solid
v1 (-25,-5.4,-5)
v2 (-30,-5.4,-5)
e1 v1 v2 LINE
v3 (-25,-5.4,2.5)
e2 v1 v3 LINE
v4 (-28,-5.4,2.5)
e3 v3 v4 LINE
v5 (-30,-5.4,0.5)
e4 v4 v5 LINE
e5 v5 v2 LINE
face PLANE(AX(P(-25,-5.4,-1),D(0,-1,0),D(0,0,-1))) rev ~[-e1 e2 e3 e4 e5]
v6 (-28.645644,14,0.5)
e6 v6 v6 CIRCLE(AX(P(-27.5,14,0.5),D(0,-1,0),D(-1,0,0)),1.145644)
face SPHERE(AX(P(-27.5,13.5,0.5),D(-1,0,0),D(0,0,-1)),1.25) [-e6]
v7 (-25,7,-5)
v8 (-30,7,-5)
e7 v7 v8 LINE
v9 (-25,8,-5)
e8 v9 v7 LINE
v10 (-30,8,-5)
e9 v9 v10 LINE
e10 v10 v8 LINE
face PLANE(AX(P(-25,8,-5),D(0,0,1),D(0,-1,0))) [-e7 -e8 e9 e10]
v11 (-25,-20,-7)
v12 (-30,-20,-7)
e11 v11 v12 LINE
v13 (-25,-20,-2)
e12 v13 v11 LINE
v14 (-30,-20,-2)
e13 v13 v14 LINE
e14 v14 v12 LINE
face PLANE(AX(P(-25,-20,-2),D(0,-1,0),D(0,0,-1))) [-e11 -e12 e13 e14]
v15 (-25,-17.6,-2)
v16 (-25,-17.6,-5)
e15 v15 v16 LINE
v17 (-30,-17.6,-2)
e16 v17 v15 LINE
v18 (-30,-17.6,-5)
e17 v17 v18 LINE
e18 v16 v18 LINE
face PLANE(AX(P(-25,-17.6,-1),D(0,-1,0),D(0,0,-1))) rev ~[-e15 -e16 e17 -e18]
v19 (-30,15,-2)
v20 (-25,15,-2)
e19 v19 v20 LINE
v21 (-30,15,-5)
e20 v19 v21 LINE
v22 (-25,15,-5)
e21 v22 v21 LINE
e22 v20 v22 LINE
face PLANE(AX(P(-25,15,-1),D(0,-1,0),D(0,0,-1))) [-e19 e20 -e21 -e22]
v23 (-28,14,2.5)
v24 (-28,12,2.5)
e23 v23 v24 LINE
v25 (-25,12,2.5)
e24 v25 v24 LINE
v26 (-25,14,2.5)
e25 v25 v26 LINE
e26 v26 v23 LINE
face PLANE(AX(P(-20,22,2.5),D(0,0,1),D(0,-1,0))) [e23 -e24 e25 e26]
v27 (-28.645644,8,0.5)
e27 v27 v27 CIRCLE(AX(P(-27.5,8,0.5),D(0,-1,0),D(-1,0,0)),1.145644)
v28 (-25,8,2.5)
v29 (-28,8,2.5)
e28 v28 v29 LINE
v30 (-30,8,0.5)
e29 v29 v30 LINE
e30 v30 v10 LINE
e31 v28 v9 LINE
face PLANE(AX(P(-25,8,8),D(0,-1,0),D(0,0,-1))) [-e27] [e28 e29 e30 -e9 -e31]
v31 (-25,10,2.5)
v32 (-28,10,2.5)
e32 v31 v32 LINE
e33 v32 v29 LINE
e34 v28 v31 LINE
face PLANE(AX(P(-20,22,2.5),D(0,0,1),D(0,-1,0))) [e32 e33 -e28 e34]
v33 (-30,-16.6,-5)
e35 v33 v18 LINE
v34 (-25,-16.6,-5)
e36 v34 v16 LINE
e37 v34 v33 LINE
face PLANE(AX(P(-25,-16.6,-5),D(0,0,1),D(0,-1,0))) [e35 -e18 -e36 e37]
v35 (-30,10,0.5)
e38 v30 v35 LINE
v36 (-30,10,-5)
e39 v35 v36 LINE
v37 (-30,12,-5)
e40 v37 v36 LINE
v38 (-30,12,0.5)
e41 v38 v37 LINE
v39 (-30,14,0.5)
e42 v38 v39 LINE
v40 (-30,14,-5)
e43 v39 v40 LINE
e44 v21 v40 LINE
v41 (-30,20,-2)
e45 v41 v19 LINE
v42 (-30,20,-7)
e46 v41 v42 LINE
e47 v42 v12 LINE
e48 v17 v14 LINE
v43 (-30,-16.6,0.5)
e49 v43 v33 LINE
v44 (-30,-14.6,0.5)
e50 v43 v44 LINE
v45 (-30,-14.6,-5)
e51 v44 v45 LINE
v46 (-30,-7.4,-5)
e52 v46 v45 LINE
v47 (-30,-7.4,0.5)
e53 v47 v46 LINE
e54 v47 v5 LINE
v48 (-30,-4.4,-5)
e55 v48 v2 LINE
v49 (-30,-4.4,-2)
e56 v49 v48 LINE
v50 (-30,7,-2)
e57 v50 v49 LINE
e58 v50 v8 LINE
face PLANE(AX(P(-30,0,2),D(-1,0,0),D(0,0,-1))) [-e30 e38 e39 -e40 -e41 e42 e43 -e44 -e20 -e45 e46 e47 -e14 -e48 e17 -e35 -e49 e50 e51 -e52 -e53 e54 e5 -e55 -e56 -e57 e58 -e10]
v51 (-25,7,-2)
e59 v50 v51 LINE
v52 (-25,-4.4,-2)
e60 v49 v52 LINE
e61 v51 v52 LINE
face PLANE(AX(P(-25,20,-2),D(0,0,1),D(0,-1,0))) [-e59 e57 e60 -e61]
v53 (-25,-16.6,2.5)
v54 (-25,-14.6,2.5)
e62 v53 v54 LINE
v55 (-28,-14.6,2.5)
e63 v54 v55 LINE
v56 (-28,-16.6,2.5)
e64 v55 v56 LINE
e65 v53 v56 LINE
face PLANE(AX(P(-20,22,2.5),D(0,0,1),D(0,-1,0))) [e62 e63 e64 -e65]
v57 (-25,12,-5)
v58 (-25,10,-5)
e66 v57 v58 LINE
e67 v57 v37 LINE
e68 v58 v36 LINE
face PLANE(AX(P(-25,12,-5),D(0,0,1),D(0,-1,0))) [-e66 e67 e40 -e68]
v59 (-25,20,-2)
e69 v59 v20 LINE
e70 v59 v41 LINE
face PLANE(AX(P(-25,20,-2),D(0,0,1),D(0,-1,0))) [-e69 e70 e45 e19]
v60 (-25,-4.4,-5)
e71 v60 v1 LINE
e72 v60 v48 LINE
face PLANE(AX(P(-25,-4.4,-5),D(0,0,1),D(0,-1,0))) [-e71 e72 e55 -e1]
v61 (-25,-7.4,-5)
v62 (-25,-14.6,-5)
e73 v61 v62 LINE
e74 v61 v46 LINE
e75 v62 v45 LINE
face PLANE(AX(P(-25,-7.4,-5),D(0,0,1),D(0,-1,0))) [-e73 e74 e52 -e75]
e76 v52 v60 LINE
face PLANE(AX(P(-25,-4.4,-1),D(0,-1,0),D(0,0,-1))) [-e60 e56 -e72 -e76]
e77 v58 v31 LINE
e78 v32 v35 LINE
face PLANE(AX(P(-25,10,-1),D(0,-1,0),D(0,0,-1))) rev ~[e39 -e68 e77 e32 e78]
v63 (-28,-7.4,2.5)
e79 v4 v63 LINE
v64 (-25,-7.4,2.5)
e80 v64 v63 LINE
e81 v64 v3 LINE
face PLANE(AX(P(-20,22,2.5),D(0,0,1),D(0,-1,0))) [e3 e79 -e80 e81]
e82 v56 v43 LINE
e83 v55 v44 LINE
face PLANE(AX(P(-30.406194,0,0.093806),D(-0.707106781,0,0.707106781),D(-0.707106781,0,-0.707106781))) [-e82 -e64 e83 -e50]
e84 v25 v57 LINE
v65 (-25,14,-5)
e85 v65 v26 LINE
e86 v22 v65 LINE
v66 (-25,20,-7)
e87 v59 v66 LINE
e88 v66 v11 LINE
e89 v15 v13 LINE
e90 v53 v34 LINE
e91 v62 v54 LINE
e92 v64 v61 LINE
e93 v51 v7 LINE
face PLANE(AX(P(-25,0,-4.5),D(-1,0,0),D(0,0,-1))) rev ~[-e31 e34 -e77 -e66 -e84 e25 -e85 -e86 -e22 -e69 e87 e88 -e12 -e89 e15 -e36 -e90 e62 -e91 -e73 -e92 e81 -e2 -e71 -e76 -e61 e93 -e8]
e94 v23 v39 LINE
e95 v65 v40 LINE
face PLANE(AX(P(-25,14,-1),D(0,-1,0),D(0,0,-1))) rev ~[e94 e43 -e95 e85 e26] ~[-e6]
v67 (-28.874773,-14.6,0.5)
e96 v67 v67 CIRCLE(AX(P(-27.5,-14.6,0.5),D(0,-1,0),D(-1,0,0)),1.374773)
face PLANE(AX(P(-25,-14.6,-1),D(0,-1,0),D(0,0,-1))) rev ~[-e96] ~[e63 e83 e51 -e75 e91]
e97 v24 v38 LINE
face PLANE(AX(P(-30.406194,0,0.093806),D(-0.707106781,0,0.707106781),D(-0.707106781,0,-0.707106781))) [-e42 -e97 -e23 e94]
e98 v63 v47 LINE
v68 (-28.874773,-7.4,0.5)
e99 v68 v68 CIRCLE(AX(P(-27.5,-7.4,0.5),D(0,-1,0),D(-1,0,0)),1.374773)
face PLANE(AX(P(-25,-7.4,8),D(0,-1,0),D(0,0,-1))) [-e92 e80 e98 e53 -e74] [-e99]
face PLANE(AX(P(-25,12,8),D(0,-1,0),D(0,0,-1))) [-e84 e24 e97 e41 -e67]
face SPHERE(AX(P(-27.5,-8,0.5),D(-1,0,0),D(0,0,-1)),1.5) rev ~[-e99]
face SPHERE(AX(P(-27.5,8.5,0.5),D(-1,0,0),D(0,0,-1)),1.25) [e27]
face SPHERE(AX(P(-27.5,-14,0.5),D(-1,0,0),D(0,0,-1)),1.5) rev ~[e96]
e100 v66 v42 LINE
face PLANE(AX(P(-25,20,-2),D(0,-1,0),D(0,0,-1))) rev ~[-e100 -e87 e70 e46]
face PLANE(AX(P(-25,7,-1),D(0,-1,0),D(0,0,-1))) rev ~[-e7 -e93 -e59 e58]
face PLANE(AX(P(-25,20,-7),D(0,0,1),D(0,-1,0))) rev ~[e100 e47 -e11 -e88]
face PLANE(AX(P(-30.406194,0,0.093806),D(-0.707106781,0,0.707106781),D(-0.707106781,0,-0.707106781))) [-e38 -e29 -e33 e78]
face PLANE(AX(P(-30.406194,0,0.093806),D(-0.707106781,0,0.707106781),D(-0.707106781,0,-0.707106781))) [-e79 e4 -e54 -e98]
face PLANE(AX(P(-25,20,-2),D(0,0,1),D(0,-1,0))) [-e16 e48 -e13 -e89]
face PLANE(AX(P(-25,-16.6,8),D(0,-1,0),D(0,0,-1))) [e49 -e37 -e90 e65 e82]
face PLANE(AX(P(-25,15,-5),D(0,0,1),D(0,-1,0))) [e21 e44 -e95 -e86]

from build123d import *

# Parameters (mm, degrees)
BOX155_W               = 13
BOX155_H               = 40
BOX155_DEPTH           = 10
BOX155_PLACEMENT_ANGLE = 45
BOX163_W               = 12
BOX163_H               = 44
BOX163_DEPTH           = 10
BOX162_W               = 20
BOX162_H               = 44
BOX162_DEPTH           = 10
BOX158_W               = 4
BOX158_H               = 1
BOX158_DEPTH           = 7
BOX160_W               = 4
BOX160_H               = 1
BOX160_DEPTH           = 7
BOX157_W               = 4
BOX157_H               = 2
BOX157_DEPTH           = 7
BOX159_W               = 4
BOX159_H               = 1
BOX159_DEPTH           = 7
BOX156_W               = 4
BOX156_H               = 1
BOX156_DEPTH           = 7
BOX161_W               = 4
BOX161_H               = 7.2
BOX161_DEPTH           = 7
BOX151_W               = 10
BOX151_H               = 2
BOX151_DEPTH           = 7
BOX152_W               = 10
BOX152_H               = 2
BOX152_DEPTH           = 7
BOX153_W               = 10
BOX153_H               = 2
BOX153_DEPTH           = 7
BOX154_W               = 10
BOX154_H               = 2
BOX154_DEPTH           = 7
BOX150_W               = 5
BOX150_H               = 40
BOX150_DEPTH           = 7
CUT064_PITCH_ANGLE     = 90
CUT064_PLACEMENT_ANGLE = -180


with BuildPart() as chamfer_cube001:
    # Box155 → Box155 (new body)
    with BuildSketch(Plane.XY):
        with Locations((6.5, 20)):
            Rectangle(BOX155_W, BOX155_H)
    extrude(amount=BOX155_DEPTH)


with BuildPart() as chamfer_cube001_1:
    # Box155 placement: moved
    add(chamfer_cube001.part.moved(Location((-11.69, 0, -1.19))).rotate(Axis((-11.69, 0, -1.19), (0, -1, 0)), BOX155_PLACEMENT_ANGLE))


with BuildPart() as re_level_edge_clip_block003:
    # Box163 → Box163 (new body)
    with BuildSketch(Plane(origin=(-21.5, -2, -7), x_dir=(1, 0, 0), z_dir=(0, 0, 1))):
        with Locations((6, 22)):
            Rectangle(BOX163_W, BOX163_H)
    extrude(amount=BOX163_DEPTH)


with BuildPart() as re_level_edge_clip_block002:
    # Box162 → Box162 (new body)
    with BuildSketch(Plane(origin=(-19, -2, 3), x_dir=(1, 0, 0), z_dir=(0, 0, 1))):
        with Locations((10, 22)):
            Rectangle(BOX162_W, BOX162_H)
    extrude(amount=BOX162_DEPTH)


with BuildPart() as cube140:
    # Box158 → Box158 (new body)
    with BuildSketch(Plane(origin=(-6, 12, -2), x_dir=(1, 0, 0), z_dir=(0, 0, 1))):
        with Locations((2, 0.5)):
            Rectangle(BOX158_W, BOX158_H)
    extrude(amount=BOX158_DEPTH)


with BuildPart() as cube142:
    # Box160 → Box160 (new body)
    with BuildSketch(Plane(origin=(-6, 36.6, -2), x_dir=(1, 0, 0), z_dir=(0, 0, 1))):
        with Locations((2, 0.5)):
            Rectangle(BOX160_W, BOX160_H)
    extrude(amount=BOX160_DEPTH)


with BuildPart() as cube139:
    # Box157 → Box157 (new body)
    with BuildSketch(Plane(origin=(-6, 8, -2), x_dir=(1, 0, 0), z_dir=(0, 0, 1))):
        with Locations((2, 1)):
            Rectangle(BOX157_W, BOX157_H)
    extrude(amount=BOX157_DEPTH)


with BuildPart() as cube141:
    # Box159 → Box159 (new body)
    with BuildSketch(Plane(origin=(-6, 24.4, -2), x_dir=(1, 0, 0), z_dir=(0, 0, 1))):
        with Locations((2, 0.5)):
            Rectangle(BOX159_W, BOX159_H)
    extrude(amount=BOX159_DEPTH)


with BuildPart() as cube138:
    # Box156 → Box156 (new body)
    with BuildSketch(Plane(origin=(-6, 5, -2), x_dir=(1, 0, 0), z_dir=(0, 0, 1))):
        with Locations((2, 0.5)):
            Rectangle(BOX156_W, BOX156_H)
    extrude(amount=BOX156_DEPTH)


with BuildPart() as extra_holes_for_clips001:
    # Box161 → Box161 (new body)
    with BuildSketch(Plane(origin=(-6, 27.4, -2), x_dir=(1, 0, 0), z_dir=(0, 0, 1))):
        with Locations((2, 3.6)):
            Rectangle(BOX161_W, BOX161_H)
    extrude(amount=BOX161_DEPTH)

    # Fusion056: union Cube140, Cube142, Cube139, Cube141, Cube138
    add(cube140.part)
    add(cube142.part)
    add(cube139.part)
    add(cube141.part)
    add(cube138.part)


with BuildPart() as sphere054:
    # Sphere054 → Sphere054 (revolve)
    with BuildSketch(Plane(origin=(-7.5, 34, 0.5), x_dir=(1, 0, 0), z_dir=(0, -1, 0))):
        with BuildLine():
            ThreePointArc((0, -1.5), (1.5, 0), (0, 1.5))
            Line((0, 1.5), (0, -1.5))
        make_face()
    revolve(axis=Axis((-7.5, 34, 0.5), (0, 0, 1)))


with BuildPart() as holes001:
    # Sphere053 → Sphere053 (revolve)
    with BuildSketch(Plane(origin=(-7.5, 28, 0.5), x_dir=(1, 0, 0), z_dir=(0, -1, 0))):
        with BuildLine():
            ThreePointArc((0, -1.5), (1.5, 0), (0, 1.5))
            Line((0, 1.5), (0, -1.5))
        make_face()
    revolve(axis=Axis((-7.5, 28, 0.5), (0, 0, 1)))

    # Fusion058: union Sphere054
    add(sphere054.part)


with BuildPart() as cube134:
    # Box151 → Box151 (new body)
    with BuildSketch(Plane(origin=(-15, 6, -2), x_dir=(1, 0, 0), z_dir=(0, 0, 1))):
        with Locations((5, 1)):
            Rectangle(BOX151_W, BOX151_H)
    extrude(amount=BOX151_DEPTH)


with BuildPart() as cube135:
    # Box152 → Box152 (new body)
    with BuildSketch(Plane(origin=(-15, 10, -2), x_dir=(1, 0, 0), z_dir=(0, 0, 1))):
        with Locations((5, 1)):
            Rectangle(BOX152_W, BOX152_H)
    extrude(amount=BOX152_DEPTH)


with BuildPart() as cube136:
    # Box153 → Box153 (new body)
    with BuildSketch(Plane(origin=(-15, 25.4, -2), x_dir=(1, 0, 0), z_dir=(0, 0, 1))):
        with Locations((5, 1)):
            Rectangle(BOX153_W, BOX153_H)
    extrude(amount=BOX153_DEPTH)


with BuildPart() as cube137:
    # Box154 → Box154 (new body)
    with BuildSketch(Plane(origin=(-15, 34.6, -2), x_dir=(1, 0, 0), z_dir=(0, 0, 1))):
        with Locations((5, 1)):
            Rectangle(BOX154_W, BOX154_H)
    extrude(amount=BOX154_DEPTH)


with BuildPart() as fusion059:
    # Box150 → Box150 (new body)
    with BuildSketch(Plane(origin=(-5, 0, -2), x_dir=(1, 0, 0), z_dir=(0, 0, 1))):
        with Locations((2.5, 20)):
            Rectangle(BOX150_W, BOX150_H)
    extrude(amount=BOX150_DEPTH)

    # Fusion059: union Cube134, Cube135, Cube136, Cube137
    add(cube134.part)
    add(cube135.part)
    add(cube136.part)
    add(cube137.part)


with BuildPart() as sphere052:
    # Sphere052 → Sphere052 (revolve)
    with BuildSketch(Plane(origin=(-7.5, 11.5, 0.5), x_dir=(1, 0, 0), z_dir=(0, -1, 0))):
        with BuildLine():
            ThreePointArc((0, -1.25), (1.25, 0), (0, 1.25))
            Line((0, 1.25), (0, -1.25))
        make_face()
    revolve(axis=Axis((-7.5, 11.5, 0.5), (0, 0, 1)))


with BuildPart() as copy_edge_clip:
    # Sphere051 → Sphere051 (revolve)
    with BuildSketch(Plane(origin=(-7.5, 6.5, 0.5), x_dir=(1, 0, 0), z_dir=(0, -1, 0))):
        with BuildLine():
            ThreePointArc((0, -1.25), (1.25, 0), (0, 1.25))
            Line((0, 1.25), (0, -1.25))
        make_face()
    revolve(axis=Axis((-7.5, 6.5, 0.5), (0, 0, 1)))

    # Fusion057: union Sphere052
    add(sphere052.part)

    # Fusion060: union Fusion059
    add(fusion059.part)

    # Cut060: cut Holes001
    add(holes001.part, mode=Mode.SUBTRACT)

    # Cut061: cut Extra Holes for Clips001
    add(extra_holes_for_clips001.part, mode=Mode.SUBTRACT)

    # Cut062: cut Re-level Edge Clip Block002
    add(re_level_edge_clip_block002.part, mode=Mode.SUBTRACT)

    # Cut063: cut Re-level Edge Clip Block003
    add(re_level_edge_clip_block003.part, mode=Mode.SUBTRACT)

    # Cut064: cut Chamfer Cube001
    add(chamfer_cube001_1.part, mode=Mode.SUBTRACT)


with BuildPart() as copy_edge_clip_1:
    # Cut064 pitch: moved
    add(copy_edge_clip.part.rotate(Axis((0, 0, 0), (0, 1, 0)), CUT064_PITCH_ANGLE))


with BuildPart() as copy_edge_clip_2:
    # Cut064 placement: moved
    add(copy_edge_clip_1.part.moved(Location((-27, 20, -7))).rotate(Axis((-27, 20, -7), (0, 0, 1)), CUT064_PLACEMENT_ANGLE))


solid = copy_edge_clip_2.part
